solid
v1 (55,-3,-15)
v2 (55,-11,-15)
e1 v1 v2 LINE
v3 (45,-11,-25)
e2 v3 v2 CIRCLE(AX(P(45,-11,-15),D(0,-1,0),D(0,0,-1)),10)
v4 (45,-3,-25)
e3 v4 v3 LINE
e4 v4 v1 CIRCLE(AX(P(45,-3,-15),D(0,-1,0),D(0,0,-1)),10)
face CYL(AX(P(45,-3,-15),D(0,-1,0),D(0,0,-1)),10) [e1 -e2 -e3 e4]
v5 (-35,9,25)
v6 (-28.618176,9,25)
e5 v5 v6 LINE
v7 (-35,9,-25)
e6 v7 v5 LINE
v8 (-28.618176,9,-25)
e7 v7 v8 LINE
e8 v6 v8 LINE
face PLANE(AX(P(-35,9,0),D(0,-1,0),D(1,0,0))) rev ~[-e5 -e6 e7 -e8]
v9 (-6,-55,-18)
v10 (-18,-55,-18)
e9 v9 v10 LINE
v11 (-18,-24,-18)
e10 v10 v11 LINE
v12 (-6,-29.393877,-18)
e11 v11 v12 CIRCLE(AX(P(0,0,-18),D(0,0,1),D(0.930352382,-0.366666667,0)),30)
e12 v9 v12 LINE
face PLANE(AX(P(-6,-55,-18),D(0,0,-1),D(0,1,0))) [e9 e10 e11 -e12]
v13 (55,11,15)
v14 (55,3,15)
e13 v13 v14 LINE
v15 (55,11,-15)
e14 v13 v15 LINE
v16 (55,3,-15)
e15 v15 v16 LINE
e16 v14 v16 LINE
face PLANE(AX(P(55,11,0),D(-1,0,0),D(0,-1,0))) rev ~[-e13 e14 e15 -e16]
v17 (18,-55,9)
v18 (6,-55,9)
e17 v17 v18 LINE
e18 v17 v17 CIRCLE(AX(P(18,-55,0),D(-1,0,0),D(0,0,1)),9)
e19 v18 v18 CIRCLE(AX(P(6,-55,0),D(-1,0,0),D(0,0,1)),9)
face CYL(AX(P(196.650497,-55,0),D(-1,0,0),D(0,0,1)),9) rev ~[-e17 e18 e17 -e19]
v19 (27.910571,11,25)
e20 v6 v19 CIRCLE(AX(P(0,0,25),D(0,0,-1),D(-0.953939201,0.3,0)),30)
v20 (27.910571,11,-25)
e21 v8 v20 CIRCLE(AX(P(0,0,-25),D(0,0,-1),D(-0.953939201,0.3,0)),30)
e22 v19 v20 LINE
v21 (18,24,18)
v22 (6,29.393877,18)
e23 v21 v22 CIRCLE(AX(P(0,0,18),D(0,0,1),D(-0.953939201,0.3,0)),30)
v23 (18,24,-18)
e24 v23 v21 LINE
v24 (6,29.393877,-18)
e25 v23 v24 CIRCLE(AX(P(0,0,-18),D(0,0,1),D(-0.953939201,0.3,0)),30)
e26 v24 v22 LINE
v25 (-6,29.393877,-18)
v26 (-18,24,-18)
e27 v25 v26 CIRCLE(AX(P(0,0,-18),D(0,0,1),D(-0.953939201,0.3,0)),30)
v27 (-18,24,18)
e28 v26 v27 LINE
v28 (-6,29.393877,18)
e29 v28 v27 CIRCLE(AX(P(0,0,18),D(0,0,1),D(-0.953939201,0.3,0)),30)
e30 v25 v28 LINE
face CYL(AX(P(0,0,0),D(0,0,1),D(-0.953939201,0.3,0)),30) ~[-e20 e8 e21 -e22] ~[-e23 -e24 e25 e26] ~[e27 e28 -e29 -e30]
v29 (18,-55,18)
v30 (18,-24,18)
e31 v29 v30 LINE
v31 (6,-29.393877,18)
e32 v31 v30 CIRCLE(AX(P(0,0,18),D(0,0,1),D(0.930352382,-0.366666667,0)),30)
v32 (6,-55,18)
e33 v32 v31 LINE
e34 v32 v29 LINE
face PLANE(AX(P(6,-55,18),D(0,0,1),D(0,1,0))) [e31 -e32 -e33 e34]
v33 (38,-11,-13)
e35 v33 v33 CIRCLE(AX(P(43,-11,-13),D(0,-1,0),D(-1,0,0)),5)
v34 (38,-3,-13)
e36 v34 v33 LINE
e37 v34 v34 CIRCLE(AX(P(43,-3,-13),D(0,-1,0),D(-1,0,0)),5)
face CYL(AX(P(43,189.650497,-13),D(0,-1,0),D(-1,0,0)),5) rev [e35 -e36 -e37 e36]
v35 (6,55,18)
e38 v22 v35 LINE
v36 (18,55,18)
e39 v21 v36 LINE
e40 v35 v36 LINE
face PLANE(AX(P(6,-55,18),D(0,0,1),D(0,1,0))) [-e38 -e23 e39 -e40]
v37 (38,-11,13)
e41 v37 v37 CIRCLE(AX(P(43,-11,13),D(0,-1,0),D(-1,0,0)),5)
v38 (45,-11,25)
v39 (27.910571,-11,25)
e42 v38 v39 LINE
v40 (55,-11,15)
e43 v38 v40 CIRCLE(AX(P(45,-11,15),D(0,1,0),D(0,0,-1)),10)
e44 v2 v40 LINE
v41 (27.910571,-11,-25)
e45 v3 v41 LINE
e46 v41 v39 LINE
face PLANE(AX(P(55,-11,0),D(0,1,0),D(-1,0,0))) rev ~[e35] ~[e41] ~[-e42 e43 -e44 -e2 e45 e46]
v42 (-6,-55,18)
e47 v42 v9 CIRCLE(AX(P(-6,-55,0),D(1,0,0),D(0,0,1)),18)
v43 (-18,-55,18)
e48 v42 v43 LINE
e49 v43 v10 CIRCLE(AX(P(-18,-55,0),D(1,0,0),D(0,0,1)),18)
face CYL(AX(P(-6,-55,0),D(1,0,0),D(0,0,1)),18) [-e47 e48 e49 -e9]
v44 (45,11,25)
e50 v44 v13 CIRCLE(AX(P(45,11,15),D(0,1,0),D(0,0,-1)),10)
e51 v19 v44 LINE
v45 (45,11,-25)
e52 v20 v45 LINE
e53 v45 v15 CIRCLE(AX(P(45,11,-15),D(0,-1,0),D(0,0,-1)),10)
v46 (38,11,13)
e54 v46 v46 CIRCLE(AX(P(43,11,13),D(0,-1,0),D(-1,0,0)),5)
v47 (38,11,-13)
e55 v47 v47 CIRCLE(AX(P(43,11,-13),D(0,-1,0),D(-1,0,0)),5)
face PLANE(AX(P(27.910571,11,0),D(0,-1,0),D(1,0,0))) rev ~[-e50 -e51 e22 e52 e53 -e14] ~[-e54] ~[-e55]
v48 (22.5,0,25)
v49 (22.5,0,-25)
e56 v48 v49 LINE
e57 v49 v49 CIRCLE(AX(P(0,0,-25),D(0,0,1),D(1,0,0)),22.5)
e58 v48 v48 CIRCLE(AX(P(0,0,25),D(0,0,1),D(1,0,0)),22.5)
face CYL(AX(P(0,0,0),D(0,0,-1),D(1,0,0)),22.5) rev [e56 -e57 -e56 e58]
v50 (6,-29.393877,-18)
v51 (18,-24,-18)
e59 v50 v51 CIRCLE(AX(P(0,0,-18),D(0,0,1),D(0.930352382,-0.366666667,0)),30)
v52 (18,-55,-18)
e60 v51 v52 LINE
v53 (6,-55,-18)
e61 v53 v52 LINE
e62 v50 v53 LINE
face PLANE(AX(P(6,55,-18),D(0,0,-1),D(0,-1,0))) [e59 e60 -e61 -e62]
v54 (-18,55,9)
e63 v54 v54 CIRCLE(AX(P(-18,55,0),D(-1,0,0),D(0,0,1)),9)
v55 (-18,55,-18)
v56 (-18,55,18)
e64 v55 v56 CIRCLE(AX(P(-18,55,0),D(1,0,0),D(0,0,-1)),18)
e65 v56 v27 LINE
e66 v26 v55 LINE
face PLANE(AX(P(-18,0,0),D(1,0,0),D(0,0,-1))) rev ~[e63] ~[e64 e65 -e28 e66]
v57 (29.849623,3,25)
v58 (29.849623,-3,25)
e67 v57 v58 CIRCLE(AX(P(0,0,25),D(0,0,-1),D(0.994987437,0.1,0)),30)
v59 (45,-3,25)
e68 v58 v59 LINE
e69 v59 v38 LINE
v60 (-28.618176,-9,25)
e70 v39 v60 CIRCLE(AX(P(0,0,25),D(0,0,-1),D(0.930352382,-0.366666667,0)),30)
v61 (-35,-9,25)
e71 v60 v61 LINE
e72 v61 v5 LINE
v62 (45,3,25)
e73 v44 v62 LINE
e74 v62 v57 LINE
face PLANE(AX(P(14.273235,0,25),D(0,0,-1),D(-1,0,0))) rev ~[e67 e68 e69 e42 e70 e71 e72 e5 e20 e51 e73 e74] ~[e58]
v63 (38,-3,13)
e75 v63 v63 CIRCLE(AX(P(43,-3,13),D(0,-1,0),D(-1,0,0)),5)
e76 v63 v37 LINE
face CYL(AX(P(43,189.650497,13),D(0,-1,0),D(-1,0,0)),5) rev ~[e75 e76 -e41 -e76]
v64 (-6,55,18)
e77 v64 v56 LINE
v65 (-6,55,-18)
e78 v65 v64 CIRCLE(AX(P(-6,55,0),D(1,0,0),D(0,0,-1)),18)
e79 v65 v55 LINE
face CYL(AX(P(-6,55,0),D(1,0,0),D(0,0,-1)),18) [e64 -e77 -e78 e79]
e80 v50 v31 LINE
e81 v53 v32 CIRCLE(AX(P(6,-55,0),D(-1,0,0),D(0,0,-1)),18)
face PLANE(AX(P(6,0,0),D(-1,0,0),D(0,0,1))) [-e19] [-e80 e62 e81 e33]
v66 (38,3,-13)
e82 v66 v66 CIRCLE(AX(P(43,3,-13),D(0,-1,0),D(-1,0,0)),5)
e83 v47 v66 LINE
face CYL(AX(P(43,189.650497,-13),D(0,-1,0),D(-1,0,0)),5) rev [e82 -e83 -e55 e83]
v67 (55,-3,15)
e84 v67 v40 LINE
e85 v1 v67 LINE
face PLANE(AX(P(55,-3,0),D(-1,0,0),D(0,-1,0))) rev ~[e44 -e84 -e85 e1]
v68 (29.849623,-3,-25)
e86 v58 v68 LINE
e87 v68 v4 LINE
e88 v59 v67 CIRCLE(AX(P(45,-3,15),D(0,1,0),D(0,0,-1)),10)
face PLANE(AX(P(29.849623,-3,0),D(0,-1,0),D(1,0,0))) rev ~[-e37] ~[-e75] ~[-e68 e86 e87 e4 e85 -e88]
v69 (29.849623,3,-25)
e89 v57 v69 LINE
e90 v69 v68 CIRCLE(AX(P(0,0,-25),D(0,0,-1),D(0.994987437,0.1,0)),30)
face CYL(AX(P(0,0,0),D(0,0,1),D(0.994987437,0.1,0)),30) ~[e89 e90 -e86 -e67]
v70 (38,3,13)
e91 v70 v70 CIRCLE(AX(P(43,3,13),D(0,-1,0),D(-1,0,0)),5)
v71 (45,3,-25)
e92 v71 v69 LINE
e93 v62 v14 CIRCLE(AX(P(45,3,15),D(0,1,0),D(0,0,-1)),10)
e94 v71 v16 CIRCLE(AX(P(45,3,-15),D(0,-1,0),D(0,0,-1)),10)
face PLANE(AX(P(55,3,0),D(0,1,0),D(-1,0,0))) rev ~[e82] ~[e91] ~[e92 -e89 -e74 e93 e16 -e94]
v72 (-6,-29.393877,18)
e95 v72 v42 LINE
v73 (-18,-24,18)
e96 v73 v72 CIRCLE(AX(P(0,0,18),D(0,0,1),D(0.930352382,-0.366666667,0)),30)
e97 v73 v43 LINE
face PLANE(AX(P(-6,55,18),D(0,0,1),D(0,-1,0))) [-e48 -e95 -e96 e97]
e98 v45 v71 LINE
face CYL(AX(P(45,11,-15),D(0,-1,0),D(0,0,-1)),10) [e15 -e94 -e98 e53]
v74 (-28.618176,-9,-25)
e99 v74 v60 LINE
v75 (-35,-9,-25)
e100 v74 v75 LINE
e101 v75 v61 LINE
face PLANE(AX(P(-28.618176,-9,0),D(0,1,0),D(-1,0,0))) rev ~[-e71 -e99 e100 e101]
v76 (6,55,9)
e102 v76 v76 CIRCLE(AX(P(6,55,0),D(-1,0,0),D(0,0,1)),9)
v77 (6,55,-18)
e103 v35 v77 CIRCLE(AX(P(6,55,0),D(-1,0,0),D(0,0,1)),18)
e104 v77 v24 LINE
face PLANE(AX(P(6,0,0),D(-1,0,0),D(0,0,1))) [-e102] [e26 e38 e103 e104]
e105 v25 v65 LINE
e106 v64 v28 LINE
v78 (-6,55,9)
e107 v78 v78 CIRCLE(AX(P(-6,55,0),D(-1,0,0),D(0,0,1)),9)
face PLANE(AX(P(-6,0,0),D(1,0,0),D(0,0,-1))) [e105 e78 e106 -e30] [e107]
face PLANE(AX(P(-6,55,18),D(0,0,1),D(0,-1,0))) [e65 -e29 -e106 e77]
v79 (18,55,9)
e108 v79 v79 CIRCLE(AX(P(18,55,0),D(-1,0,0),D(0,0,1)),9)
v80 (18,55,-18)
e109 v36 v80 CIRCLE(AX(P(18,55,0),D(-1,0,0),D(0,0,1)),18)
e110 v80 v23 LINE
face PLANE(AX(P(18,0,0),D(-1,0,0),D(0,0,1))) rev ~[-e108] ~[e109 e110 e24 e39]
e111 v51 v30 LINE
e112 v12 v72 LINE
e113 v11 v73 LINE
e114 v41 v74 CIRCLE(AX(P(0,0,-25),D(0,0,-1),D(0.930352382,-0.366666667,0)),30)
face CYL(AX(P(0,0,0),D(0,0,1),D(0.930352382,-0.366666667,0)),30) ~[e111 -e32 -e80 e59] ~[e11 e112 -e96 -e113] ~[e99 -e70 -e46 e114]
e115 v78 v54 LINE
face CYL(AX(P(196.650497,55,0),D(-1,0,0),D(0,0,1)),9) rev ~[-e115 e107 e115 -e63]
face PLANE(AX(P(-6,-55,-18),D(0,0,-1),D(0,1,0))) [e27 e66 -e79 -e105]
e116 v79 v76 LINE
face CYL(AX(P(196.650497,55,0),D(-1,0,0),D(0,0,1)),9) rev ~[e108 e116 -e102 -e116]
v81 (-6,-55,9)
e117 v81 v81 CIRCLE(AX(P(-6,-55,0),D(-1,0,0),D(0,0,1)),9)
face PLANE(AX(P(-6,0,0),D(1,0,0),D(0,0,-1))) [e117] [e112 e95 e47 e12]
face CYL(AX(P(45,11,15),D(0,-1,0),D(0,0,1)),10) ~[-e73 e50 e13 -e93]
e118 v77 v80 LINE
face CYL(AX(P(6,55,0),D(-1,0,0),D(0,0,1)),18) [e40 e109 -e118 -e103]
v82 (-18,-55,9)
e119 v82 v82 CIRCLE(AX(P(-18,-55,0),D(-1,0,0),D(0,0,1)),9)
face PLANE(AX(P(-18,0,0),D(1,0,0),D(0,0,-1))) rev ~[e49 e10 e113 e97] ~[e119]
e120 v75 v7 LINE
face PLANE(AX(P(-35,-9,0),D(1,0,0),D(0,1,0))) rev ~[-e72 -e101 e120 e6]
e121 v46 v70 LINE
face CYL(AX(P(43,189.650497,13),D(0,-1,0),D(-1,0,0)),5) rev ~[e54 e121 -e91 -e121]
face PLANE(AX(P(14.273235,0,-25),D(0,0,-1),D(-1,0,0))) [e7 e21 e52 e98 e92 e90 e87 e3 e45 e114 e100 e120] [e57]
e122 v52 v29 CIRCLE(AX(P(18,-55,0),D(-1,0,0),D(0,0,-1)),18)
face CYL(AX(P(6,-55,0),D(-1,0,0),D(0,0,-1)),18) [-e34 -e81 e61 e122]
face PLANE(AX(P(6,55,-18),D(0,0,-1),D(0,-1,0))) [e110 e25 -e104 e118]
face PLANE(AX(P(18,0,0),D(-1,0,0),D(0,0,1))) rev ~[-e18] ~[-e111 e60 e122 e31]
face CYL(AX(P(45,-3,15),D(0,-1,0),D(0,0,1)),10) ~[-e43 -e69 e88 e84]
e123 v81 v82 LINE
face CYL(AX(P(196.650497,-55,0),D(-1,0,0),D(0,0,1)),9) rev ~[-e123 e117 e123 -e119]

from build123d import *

# Parameters (mm, degrees)
BOSS_EXTRUDE1_START     = 6
BOSS_EXTRUDE1_DEPTH     = 12
BOSS_EXTRUDE2_START     = -6
BOSS_EXTRUDE2_DEPTH     = 12
SKETCH3_R               = 22.5
BOSS_EXTRUDE3_DEPTH     = 25
HOLE1_D                 = 18
HOLE2_D                 = 18
HOLE3_D                 = 10
FILLET1_R               = 10
CUT_EXTRUDE1_DEPTH      = 95.757585448
CUT_EXTRUDE1_DEPTH_BACK = 95.757585448
SKETCH11_R              = 22.5


with BuildPart() as part:
    # Sketch1 → Boss-Extrude1 (new body)
    with BuildSketch(Plane(origin=(0, 0, 0), x_dir=(0, 0, -1), z_dir=(1, 0, 0)).offset(BOSS_EXTRUDE1_START)):
        with BuildLine():
            Line((18, 55), (18, -55))
            ThreePointArc((18, -55), (0, -73), (-18, -55))
            Line((-18, -55), (-18, 55))
            ThreePointArc((-18, 55), (0, 73), (18, 55))
        make_face()
    extrude(amount=BOSS_EXTRUDE1_DEPTH)



with BuildPart() as body_2:
    # Sketch2 → Boss-Extrude2 (new body)
    with BuildSketch(Plane(origin=(0, 0, 0), x_dir=(0, 0, -1), z_dir=(1, 0, 0)).offset(BOSS_EXTRUDE2_START)):
        with BuildLine():
            Line((18, -55), (18, 55))
            ThreePointArc((18, 55), (0, 73), (-18, 55))
            Line((-18, 55), (-18, -55))
            ThreePointArc((-18, -55), (0, -73), (18, -55))
        make_face()
    extrude(amount=-BOSS_EXTRUDE2_DEPTH)


with BuildPart() as part_1:
    add(part.part)

    add(body_2.part)  # Boss-Extrude3 merges body 2
    # Sketch3 → Boss-Extrude3 (add, symmetric)
    with BuildSketch(Plane.XY):
        with BuildLine():
            Line((-35, 9), (-28.618176043, 9))
            ThreePointArc((-28.618176043, 9), (-1.060743162, 29.981241201), (27.910571474, 11))
            Line((27.910571474, 11), (55, 11))
            Line((55, 11), (55, 3))
            Line((55, 3), (29.849623113, 3))
            ThreePointArc((29.849623113, 3), (30, 0), (29.849623113, -3))
            Line((29.849623113, -3), (55, -3))
            Line((55, -3), (55, -11))
            Line((55, -11), (27.910571474, -11))
            ThreePointArc((27.910571474, -11), (-1.060743162, -29.981241201), (-28.618176043, -9))
            Line((-28.618176043, -9), (-35, -9))
            Line((-35, -9), (-35, 9))
        make_face()
        Circle(SKETCH3_R, mode=Mode.SUBTRACT)
    extrude(amount=BOSS_EXTRUDE3_DEPTH, both=True)

    # Hole1 (through all)
    with Locations(Plane(origin=(18, 0, 0), x_dir=(0, 0, -1), z_dir=(1, 0, 0))):
        with Locations((0, 55)):
            Hole(HOLE1_D / 2)

    # Hole2 (through all)
    with Locations(Plane(origin=(18, 0, 0), x_dir=(0, 0, -1), z_dir=(1, 0, 0))):
        with Locations((0, -55)):
            Hole(HOLE2_D / 2)

    # Hole3 (through all)
    with Locations(Plane(origin=(0, 11, 0), x_dir=(1, 0, 0), z_dir=(0, 1, 0))):
        with Locations((43, -13)):
            hole3 = Hole(HOLE3_D / 2)

    # Mirror2: Hole3 across plane
    add(hole3.mirror(Plane.XY), mode=Mode.SUBTRACT)

    # Fillet1
    fillet1_edges = [part_1.edges().sort_by_distance(p)[0] for p in [
        (55, -7, 25),
        (55, 7, 25),
        (55, -7, -25),
        (55, 7, -25),
    ]]
    fillet(fillet1_edges, radius=FILLET1_R)

    # Sketch11 → Cut-Extrude1 (cut, two sides: drawn at the far end of the back side and taken through both)
    with BuildSketch(Plane.XY.offset(-CUT_EXTRUDE1_DEPTH_BACK)):
        Circle(SKETCH11_R)
    extrude(amount=CUT_EXTRUDE1_DEPTH + CUT_EXTRUDE1_DEPTH_BACK, mode=Mode.SUBTRACT)


solid = part_1.part
